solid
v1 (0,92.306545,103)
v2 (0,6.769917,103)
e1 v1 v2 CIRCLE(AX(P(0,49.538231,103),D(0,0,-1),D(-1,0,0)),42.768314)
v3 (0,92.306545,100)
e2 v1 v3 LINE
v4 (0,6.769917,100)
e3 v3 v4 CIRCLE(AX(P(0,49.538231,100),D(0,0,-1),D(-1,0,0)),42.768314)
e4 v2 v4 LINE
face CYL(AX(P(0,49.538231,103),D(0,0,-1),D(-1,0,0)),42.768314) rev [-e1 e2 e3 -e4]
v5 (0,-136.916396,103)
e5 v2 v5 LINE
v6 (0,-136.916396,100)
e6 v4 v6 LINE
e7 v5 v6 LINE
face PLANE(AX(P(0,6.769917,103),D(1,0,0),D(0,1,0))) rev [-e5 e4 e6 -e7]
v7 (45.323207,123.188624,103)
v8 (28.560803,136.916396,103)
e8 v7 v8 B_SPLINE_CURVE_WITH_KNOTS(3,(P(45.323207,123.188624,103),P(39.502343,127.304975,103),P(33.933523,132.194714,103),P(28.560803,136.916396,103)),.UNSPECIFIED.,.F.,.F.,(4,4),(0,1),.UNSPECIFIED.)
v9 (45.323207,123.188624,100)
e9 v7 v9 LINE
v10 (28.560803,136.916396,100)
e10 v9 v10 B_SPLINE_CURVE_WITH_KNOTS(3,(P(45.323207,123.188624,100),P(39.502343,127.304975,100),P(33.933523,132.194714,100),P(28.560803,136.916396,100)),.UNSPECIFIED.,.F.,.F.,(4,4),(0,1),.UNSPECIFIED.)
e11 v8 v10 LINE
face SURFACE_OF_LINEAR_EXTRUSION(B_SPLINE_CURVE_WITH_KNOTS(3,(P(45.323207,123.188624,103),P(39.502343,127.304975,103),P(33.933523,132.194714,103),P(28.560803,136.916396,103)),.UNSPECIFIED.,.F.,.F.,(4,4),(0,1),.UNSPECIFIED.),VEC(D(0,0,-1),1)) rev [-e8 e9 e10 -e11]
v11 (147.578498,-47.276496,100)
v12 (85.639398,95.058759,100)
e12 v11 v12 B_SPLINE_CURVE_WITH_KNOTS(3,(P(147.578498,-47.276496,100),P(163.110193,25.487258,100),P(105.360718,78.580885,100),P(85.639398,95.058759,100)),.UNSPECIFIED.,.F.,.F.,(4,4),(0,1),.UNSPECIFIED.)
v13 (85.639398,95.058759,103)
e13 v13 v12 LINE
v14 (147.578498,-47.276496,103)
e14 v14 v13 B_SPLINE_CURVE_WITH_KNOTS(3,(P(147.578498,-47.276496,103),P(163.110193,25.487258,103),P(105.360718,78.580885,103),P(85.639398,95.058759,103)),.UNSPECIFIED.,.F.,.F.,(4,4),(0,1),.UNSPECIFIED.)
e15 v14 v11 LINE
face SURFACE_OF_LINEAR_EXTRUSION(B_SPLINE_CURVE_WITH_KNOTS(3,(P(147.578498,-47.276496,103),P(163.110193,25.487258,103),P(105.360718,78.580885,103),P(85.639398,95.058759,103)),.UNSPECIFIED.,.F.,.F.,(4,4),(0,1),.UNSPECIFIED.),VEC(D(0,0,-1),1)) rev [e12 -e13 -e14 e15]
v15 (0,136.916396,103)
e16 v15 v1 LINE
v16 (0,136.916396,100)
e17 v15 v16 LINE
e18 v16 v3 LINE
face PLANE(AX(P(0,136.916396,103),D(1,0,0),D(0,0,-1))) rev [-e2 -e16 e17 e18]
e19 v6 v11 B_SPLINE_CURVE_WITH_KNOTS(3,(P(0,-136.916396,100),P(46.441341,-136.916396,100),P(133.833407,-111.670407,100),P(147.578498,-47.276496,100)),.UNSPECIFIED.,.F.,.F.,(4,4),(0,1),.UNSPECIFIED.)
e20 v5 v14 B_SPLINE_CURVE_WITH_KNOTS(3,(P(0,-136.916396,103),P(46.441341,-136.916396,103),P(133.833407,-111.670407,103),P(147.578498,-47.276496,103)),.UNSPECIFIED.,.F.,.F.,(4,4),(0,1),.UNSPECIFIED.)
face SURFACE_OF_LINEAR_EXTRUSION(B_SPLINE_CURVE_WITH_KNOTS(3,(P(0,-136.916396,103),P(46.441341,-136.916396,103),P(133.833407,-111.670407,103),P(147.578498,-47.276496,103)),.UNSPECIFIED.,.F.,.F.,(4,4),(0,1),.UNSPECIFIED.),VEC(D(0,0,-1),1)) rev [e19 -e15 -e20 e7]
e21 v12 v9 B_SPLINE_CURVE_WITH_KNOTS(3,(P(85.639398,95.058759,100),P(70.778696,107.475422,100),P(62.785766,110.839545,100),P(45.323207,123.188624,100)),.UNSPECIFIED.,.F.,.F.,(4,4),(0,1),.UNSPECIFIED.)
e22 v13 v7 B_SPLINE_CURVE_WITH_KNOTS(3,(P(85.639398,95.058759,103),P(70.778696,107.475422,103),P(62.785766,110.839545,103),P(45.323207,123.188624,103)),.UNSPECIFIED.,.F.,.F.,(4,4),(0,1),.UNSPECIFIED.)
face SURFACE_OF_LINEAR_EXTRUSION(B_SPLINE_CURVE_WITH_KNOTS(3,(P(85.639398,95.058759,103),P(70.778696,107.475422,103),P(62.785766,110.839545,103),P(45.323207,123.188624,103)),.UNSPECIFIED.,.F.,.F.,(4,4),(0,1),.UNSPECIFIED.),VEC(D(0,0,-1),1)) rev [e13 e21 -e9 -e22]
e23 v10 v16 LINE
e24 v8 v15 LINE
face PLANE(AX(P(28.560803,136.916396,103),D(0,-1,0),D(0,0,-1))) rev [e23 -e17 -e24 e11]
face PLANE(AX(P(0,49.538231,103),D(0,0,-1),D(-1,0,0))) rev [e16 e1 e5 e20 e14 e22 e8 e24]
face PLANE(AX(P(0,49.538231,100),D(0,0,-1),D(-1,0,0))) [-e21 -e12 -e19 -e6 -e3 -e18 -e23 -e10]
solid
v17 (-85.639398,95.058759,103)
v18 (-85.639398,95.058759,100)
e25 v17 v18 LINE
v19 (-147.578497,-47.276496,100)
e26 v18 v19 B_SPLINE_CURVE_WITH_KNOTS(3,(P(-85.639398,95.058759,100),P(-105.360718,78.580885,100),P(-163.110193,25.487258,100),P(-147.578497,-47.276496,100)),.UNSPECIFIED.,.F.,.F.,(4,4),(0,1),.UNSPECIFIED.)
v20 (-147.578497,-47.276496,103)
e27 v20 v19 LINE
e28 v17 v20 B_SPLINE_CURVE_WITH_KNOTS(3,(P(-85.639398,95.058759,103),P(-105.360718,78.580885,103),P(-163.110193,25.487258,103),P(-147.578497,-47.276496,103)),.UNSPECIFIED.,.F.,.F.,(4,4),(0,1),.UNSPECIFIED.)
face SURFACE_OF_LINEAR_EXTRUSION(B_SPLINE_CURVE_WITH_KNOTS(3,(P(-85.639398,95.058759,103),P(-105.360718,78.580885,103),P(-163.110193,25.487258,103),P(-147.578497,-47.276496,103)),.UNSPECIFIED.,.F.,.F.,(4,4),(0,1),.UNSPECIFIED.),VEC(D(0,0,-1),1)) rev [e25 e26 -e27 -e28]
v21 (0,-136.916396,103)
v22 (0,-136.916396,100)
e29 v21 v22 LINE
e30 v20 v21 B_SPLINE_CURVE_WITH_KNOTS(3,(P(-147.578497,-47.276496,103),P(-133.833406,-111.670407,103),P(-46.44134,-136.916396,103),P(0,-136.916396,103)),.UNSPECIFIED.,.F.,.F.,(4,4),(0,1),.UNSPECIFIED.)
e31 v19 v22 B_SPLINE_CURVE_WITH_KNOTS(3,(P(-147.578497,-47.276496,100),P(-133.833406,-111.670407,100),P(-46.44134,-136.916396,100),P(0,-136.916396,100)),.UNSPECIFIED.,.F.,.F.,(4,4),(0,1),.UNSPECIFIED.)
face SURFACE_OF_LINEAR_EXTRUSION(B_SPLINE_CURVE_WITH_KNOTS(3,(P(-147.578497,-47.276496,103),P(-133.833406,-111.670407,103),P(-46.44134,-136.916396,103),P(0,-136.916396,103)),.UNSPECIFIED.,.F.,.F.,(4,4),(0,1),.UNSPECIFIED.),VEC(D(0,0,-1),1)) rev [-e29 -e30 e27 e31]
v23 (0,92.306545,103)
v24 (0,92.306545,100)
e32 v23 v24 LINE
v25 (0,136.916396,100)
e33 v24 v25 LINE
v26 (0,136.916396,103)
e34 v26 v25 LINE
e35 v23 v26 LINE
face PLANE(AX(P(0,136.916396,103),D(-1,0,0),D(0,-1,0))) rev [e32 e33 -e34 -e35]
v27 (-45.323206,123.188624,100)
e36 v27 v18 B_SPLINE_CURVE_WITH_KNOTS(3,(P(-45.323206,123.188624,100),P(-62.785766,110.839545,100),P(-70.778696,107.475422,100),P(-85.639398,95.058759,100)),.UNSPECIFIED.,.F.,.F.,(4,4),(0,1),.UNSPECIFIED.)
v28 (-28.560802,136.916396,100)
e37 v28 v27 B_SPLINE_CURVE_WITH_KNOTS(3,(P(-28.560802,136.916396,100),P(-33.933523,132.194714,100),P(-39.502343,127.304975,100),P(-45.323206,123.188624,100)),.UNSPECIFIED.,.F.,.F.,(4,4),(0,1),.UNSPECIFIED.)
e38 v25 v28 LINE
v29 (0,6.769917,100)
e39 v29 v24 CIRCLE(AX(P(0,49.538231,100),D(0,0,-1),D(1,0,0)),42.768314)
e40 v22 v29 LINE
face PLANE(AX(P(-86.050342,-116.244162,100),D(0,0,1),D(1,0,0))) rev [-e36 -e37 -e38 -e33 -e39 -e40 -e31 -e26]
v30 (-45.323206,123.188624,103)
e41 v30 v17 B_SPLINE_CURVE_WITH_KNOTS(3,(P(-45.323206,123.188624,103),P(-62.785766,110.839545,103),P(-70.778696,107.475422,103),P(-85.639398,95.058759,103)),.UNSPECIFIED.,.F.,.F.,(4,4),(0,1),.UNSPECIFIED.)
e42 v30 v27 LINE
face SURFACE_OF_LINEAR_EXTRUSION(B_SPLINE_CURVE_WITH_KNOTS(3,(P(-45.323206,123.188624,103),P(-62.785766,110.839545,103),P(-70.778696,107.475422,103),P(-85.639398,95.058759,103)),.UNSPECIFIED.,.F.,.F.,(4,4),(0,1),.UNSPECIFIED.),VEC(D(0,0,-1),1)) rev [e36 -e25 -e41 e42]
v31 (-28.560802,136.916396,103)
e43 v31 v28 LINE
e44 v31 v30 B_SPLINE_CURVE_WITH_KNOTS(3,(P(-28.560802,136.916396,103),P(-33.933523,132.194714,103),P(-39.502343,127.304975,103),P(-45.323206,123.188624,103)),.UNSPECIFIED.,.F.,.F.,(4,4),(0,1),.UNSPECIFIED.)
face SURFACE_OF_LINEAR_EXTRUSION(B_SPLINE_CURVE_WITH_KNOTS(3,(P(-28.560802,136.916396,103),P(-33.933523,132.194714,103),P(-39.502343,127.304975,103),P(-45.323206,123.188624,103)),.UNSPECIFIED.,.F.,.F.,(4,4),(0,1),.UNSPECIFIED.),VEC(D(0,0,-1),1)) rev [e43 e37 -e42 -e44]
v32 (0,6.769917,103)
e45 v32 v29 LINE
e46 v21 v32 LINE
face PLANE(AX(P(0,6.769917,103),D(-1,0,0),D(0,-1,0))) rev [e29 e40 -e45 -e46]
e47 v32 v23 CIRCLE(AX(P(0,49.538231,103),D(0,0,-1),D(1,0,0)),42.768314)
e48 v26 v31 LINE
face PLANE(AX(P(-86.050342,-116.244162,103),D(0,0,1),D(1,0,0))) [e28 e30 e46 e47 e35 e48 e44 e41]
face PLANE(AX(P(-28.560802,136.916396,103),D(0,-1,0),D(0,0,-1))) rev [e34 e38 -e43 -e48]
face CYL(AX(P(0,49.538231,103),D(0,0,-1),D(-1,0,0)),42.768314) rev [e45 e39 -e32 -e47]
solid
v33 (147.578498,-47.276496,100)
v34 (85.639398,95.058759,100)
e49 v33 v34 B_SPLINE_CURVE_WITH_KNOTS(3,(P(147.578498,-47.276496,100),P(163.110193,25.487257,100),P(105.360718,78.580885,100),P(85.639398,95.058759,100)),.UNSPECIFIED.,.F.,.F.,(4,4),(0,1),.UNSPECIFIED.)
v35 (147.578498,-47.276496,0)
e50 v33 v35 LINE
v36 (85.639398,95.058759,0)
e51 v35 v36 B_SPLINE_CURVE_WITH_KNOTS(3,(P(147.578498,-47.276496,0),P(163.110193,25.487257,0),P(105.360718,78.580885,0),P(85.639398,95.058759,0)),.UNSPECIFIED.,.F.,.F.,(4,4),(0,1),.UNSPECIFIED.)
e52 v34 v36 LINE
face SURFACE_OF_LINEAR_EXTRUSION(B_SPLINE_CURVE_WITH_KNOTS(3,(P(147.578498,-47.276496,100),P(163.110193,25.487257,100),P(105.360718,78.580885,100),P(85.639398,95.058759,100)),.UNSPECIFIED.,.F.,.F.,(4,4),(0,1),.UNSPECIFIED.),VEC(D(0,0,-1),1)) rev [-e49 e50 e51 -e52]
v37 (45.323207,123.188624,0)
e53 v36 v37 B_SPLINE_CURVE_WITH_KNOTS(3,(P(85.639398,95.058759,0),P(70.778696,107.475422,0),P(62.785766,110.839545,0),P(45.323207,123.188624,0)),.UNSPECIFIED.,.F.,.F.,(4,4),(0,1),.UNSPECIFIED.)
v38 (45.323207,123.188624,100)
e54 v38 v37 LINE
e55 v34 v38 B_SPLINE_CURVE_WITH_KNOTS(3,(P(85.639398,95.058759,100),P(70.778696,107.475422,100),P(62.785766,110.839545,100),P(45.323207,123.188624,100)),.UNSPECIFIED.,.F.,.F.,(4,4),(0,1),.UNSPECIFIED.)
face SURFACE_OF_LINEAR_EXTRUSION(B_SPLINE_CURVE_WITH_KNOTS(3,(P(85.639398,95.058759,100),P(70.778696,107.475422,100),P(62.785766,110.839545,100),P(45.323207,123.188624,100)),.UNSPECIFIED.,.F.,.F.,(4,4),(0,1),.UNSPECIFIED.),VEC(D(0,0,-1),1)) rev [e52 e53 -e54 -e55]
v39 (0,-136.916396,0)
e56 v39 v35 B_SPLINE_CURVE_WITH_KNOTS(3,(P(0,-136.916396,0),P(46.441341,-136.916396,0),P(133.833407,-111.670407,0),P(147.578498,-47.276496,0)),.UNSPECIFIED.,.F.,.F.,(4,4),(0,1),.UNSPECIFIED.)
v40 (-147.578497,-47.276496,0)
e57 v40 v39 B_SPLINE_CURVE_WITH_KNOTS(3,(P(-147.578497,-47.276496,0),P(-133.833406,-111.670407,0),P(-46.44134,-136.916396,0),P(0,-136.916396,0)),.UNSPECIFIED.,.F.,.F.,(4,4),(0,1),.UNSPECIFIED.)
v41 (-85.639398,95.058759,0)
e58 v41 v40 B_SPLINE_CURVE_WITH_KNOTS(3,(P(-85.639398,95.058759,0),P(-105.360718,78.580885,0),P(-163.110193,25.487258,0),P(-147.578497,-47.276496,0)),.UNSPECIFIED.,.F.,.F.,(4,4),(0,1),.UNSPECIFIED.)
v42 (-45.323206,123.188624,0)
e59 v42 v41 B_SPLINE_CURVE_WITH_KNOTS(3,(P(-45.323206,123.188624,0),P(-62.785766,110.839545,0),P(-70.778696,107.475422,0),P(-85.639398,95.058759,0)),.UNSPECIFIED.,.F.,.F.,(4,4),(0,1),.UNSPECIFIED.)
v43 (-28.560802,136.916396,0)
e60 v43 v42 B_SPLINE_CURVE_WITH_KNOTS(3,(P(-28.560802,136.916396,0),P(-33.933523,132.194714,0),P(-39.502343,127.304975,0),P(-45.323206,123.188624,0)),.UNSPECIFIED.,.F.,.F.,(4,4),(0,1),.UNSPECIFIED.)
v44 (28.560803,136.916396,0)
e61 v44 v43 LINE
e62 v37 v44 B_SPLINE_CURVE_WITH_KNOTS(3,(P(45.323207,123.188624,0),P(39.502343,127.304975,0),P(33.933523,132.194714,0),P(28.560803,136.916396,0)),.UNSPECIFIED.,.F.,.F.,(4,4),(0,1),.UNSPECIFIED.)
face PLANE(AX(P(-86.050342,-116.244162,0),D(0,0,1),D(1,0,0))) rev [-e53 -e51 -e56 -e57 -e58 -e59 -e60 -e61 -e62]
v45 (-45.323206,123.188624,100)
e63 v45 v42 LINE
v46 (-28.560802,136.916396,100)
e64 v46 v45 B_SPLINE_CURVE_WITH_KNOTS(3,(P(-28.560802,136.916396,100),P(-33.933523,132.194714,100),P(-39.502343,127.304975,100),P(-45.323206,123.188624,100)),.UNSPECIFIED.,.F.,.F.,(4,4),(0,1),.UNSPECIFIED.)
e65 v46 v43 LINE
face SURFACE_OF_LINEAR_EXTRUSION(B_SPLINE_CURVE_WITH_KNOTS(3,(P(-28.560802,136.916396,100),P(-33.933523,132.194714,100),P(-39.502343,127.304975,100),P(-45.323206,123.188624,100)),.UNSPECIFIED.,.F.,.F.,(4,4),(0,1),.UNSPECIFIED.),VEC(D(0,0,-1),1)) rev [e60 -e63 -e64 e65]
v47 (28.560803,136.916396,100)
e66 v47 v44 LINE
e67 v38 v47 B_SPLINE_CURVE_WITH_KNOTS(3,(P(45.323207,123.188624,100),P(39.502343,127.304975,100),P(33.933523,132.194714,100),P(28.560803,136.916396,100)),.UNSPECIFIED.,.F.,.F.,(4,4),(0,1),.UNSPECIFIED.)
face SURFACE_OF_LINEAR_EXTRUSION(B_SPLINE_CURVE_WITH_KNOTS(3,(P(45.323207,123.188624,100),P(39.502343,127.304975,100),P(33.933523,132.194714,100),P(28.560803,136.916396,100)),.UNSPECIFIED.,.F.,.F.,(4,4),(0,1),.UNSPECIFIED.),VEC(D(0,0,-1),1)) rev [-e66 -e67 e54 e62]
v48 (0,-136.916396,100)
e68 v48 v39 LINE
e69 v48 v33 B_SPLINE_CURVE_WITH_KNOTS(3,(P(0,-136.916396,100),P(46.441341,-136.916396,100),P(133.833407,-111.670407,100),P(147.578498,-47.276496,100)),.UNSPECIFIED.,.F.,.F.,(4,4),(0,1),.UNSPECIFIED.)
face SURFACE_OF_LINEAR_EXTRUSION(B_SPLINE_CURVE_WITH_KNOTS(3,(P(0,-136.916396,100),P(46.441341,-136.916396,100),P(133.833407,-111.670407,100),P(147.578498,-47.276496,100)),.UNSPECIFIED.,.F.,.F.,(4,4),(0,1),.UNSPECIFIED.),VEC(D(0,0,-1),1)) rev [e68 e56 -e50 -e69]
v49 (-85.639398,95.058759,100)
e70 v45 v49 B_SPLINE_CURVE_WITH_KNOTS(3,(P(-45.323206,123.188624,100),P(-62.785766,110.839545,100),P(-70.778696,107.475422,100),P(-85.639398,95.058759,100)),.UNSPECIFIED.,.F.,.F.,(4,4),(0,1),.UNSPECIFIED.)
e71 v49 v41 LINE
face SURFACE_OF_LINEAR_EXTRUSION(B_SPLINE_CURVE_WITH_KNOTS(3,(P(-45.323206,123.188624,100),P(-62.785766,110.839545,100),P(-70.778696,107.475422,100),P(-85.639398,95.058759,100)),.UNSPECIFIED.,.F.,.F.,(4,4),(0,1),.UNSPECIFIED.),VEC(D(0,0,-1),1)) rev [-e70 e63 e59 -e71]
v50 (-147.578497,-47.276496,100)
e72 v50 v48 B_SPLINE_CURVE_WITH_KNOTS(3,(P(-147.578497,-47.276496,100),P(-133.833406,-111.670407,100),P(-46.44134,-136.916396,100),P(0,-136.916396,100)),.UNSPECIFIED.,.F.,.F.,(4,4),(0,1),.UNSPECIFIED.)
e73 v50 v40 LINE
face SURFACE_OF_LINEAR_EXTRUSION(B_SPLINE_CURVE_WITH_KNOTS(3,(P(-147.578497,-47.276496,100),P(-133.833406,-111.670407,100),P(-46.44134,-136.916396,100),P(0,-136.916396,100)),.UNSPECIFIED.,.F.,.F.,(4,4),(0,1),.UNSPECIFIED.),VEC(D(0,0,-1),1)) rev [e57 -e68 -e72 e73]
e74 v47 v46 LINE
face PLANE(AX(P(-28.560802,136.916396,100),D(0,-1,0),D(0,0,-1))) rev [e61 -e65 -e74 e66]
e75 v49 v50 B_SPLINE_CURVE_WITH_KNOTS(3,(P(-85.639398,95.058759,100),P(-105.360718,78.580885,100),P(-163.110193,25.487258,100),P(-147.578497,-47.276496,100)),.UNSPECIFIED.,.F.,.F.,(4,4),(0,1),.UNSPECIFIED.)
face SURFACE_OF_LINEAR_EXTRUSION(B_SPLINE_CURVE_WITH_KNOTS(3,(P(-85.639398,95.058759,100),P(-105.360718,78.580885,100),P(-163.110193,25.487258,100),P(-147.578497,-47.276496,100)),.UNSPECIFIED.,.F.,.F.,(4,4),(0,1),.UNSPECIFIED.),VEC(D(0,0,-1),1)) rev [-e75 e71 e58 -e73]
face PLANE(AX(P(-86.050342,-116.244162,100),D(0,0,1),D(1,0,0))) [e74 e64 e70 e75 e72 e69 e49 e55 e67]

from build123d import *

# Parameters (mm, degrees)
SALIENTE_EXTRUIR1_DEPTH = 100
SALIENTE_EXTRUIR2_DEPTH = 100
SALIENTE_EXTRUIR6_DEPTH = 3
SALIENTE_EXTRUIR7_DEPTH = 3


with BuildPart() as part:
    # Croquis1 → Saliente-Extruir1 (new body)
    with BuildSketch(Plane.XY):
        with BuildLine():
            Line((-28.560802162, 136.916395712), (2.54e-07, 136.916395712))
            Line((2.54e-07, 136.916395712), (2.54e-07, -136.916395712))
            add(Edge.make_bspline(
                [(2.54e-07, -136.916395712), (-46.441340442, -136.916395602), (-133.83340639, -111.670406771), (-147.578497366, -47.27649641)],
                knots=[0, 0, 0, 0, 1, 1, 1, 1], degree=3))
            add(Edge.make_bspline(
                [(-147.578497366, -47.27649641), (-163.110192587, 25.487257565), (-105.360717743, 78.580885367), (-85.639397682, 95.058759336)],
                knots=[0, 0, 0, 0, 1, 1, 1, 1], degree=3))
            add(Edge.make_bspline(
                [(-85.639397682, 95.058759336), (-70.778695882, 107.475422336), (-62.78576597, 110.83954464), (-45.323206026, 123.188624336)],
                knots=[0, 0, 0, 0, 1, 1, 1, 1], degree=3))
            add(Edge.make_bspline(
                [(-45.323206026, 123.188624336), (-39.50234289, 127.304974752), (-33.933522938, 132.194713512), (-28.560802162, 136.916395712)],
                knots=[0, 0, 0, 0, 1, 1, 1, 1], degree=3))
        make_face()
    extrude(amount=SALIENTE_EXTRUIR1_DEPTH)

    # Croquis3 → Saliente-Extruir2 (add)
    with BuildSketch(Plane.XY):
        with BuildLine():
            Line((2.54e-07, 136.916395712), (0, -136.916395712))
            add(Edge.make_bspline(
                [(0, -136.916395712), (46.441340696, -136.916395629), (133.833406659, -111.67040685), (147.578497673, -47.276496498)],
                knots=[0, 0, 0, 0, 1, 1, 1, 1], degree=3))
            add(Edge.make_bspline(
                [(147.578497673, -47.276496498), (163.110192997, 25.487257456), (105.360718228, 78.58088534), (85.63939819, 95.058759336)],
                knots=[0, 0, 0, 0, 1, 1, 1, 1], degree=3))
            add(Edge.make_bspline(
                [(85.63939819, 95.058759336), (70.77869639, 107.475422336), (62.785766478, 110.83954464), (45.323206534, 123.188624336)],
                knots=[0, 0, 0, 0, 1, 1, 1, 1], degree=3))
            add(Edge.make_bspline(
                [(45.323206534, 123.188624336), (39.502343398, 127.304974752), (33.933523446, 132.194713512), (28.56080267, 136.916395712)],
                knots=[0, 0, 0, 0, 1, 1, 1, 1], degree=3))
            Line((28.56080267, 136.916395712), (2.54e-07, 136.916395712))
        make_face()
    extrude(amount=SALIENTE_EXTRUIR2_DEPTH)


with BuildPart() as body_2:
    # Croquis10 → Saliente-Extruir6 (new body)
    with BuildSketch(Plane.XY.offset(100)):
        with BuildLine():
            Line((-28.560802162, 136.916395712), (2.54e-07, 136.916395712))
            Line((2.54e-07, 136.916395712), (2.54e-07, 92.306545302))
            ThreePointArc((2.54e-07, 92.306545302), (-42.768313835, 49.538231213), (2.54e-07, 6.769917124))
            Line((2.54e-07, 6.769917124), (2.54e-07, -136.916395712))
            add(Edge.make_bspline(
                [(2.54e-07, -136.916395712), (-46.441340442, -136.916395602), (-133.83340639, -111.670406771), (-147.578497366, -47.27649641)],
                knots=[0, 0, 0, 0, 1, 1, 1, 1], degree=3))
            add(Edge.make_bspline(
                [(-147.578497366, -47.27649641), (-163.110192587, 25.487257565), (-105.360717743, 78.580885367), (-85.639397682, 95.058759336)],
                knots=[0, 0, 0, 0, 1, 1, 1, 1], degree=3))
            add(Edge.make_bspline(
                [(-85.639397682, 95.058759336), (-70.778695882, 107.475422336), (-62.78576597, 110.83954464), (-45.323206026, 123.188624336)],
                knots=[0, 0, 0, 0, 1, 1, 1, 1], degree=3))
            add(Edge.make_bspline(
                [(-45.323206026, 123.188624336), (-39.50234289, 127.304974752), (-33.933522938, 132.194713512), (-28.560802162, 136.916395712)],
                knots=[0, 0, 0, 0, 1, 1, 1, 1], degree=3))
        make_face()
    extrude(amount=SALIENTE_EXTRUIR6_DEPTH)


with BuildPart() as body_3:
    # Croquis8 → Saliente-Extruir7 (new body)
    with BuildSketch(Plane.XY.offset(100)):
        with BuildLine():
            Line((2.54e-07, 6.769917124), (2.54e-07, -136.916395712))
            add(Edge.make_bspline(
                [(2.54e-07, -136.916395712), (46.44134095, -136.916395602), (133.833406898, -111.670406771), (147.578497874, -47.27649641)],
                knots=[0, 0, 0, 0, 1, 1, 1, 1], degree=3))
            add(Edge.make_bspline(
                [(147.578497874, -47.27649641), (163.110193095, 25.487257565), (105.360718251, 78.580885367), (85.63939819, 95.058759336)],
                knots=[0, 0, 0, 0, 1, 1, 1, 1], degree=3))
            add(Edge.make_bspline(
                [(85.63939819, 95.058759336), (70.77869639, 107.475422336), (62.785766478, 110.83954464), (45.323206534, 123.188624336)],
                knots=[0, 0, 0, 0, 1, 1, 1, 1], degree=3))
            add(Edge.make_bspline(
                [(45.323206534, 123.188624336), (39.502343398, 127.304974752), (33.933523446, 132.194713512), (28.56080267, 136.916395712)],
                knots=[0, 0, 0, 0, 1, 1, 1, 1], degree=3))
            Line((28.56080267, 136.916395712), (2.54e-07, 136.916395712))
            Line((2.54e-07, 136.916395712), (2.54e-07, 92.306545302))
            ThreePointArc((2.54e-07, 92.306545302), (42.768314343, 49.538231213), (2.54e-07, 6.769917124))
        make_face()
    extrude(amount=SALIENTE_EXTRUIR7_DEPTH)


solid = Compound([part.part, body_2.part, body_3.part])
